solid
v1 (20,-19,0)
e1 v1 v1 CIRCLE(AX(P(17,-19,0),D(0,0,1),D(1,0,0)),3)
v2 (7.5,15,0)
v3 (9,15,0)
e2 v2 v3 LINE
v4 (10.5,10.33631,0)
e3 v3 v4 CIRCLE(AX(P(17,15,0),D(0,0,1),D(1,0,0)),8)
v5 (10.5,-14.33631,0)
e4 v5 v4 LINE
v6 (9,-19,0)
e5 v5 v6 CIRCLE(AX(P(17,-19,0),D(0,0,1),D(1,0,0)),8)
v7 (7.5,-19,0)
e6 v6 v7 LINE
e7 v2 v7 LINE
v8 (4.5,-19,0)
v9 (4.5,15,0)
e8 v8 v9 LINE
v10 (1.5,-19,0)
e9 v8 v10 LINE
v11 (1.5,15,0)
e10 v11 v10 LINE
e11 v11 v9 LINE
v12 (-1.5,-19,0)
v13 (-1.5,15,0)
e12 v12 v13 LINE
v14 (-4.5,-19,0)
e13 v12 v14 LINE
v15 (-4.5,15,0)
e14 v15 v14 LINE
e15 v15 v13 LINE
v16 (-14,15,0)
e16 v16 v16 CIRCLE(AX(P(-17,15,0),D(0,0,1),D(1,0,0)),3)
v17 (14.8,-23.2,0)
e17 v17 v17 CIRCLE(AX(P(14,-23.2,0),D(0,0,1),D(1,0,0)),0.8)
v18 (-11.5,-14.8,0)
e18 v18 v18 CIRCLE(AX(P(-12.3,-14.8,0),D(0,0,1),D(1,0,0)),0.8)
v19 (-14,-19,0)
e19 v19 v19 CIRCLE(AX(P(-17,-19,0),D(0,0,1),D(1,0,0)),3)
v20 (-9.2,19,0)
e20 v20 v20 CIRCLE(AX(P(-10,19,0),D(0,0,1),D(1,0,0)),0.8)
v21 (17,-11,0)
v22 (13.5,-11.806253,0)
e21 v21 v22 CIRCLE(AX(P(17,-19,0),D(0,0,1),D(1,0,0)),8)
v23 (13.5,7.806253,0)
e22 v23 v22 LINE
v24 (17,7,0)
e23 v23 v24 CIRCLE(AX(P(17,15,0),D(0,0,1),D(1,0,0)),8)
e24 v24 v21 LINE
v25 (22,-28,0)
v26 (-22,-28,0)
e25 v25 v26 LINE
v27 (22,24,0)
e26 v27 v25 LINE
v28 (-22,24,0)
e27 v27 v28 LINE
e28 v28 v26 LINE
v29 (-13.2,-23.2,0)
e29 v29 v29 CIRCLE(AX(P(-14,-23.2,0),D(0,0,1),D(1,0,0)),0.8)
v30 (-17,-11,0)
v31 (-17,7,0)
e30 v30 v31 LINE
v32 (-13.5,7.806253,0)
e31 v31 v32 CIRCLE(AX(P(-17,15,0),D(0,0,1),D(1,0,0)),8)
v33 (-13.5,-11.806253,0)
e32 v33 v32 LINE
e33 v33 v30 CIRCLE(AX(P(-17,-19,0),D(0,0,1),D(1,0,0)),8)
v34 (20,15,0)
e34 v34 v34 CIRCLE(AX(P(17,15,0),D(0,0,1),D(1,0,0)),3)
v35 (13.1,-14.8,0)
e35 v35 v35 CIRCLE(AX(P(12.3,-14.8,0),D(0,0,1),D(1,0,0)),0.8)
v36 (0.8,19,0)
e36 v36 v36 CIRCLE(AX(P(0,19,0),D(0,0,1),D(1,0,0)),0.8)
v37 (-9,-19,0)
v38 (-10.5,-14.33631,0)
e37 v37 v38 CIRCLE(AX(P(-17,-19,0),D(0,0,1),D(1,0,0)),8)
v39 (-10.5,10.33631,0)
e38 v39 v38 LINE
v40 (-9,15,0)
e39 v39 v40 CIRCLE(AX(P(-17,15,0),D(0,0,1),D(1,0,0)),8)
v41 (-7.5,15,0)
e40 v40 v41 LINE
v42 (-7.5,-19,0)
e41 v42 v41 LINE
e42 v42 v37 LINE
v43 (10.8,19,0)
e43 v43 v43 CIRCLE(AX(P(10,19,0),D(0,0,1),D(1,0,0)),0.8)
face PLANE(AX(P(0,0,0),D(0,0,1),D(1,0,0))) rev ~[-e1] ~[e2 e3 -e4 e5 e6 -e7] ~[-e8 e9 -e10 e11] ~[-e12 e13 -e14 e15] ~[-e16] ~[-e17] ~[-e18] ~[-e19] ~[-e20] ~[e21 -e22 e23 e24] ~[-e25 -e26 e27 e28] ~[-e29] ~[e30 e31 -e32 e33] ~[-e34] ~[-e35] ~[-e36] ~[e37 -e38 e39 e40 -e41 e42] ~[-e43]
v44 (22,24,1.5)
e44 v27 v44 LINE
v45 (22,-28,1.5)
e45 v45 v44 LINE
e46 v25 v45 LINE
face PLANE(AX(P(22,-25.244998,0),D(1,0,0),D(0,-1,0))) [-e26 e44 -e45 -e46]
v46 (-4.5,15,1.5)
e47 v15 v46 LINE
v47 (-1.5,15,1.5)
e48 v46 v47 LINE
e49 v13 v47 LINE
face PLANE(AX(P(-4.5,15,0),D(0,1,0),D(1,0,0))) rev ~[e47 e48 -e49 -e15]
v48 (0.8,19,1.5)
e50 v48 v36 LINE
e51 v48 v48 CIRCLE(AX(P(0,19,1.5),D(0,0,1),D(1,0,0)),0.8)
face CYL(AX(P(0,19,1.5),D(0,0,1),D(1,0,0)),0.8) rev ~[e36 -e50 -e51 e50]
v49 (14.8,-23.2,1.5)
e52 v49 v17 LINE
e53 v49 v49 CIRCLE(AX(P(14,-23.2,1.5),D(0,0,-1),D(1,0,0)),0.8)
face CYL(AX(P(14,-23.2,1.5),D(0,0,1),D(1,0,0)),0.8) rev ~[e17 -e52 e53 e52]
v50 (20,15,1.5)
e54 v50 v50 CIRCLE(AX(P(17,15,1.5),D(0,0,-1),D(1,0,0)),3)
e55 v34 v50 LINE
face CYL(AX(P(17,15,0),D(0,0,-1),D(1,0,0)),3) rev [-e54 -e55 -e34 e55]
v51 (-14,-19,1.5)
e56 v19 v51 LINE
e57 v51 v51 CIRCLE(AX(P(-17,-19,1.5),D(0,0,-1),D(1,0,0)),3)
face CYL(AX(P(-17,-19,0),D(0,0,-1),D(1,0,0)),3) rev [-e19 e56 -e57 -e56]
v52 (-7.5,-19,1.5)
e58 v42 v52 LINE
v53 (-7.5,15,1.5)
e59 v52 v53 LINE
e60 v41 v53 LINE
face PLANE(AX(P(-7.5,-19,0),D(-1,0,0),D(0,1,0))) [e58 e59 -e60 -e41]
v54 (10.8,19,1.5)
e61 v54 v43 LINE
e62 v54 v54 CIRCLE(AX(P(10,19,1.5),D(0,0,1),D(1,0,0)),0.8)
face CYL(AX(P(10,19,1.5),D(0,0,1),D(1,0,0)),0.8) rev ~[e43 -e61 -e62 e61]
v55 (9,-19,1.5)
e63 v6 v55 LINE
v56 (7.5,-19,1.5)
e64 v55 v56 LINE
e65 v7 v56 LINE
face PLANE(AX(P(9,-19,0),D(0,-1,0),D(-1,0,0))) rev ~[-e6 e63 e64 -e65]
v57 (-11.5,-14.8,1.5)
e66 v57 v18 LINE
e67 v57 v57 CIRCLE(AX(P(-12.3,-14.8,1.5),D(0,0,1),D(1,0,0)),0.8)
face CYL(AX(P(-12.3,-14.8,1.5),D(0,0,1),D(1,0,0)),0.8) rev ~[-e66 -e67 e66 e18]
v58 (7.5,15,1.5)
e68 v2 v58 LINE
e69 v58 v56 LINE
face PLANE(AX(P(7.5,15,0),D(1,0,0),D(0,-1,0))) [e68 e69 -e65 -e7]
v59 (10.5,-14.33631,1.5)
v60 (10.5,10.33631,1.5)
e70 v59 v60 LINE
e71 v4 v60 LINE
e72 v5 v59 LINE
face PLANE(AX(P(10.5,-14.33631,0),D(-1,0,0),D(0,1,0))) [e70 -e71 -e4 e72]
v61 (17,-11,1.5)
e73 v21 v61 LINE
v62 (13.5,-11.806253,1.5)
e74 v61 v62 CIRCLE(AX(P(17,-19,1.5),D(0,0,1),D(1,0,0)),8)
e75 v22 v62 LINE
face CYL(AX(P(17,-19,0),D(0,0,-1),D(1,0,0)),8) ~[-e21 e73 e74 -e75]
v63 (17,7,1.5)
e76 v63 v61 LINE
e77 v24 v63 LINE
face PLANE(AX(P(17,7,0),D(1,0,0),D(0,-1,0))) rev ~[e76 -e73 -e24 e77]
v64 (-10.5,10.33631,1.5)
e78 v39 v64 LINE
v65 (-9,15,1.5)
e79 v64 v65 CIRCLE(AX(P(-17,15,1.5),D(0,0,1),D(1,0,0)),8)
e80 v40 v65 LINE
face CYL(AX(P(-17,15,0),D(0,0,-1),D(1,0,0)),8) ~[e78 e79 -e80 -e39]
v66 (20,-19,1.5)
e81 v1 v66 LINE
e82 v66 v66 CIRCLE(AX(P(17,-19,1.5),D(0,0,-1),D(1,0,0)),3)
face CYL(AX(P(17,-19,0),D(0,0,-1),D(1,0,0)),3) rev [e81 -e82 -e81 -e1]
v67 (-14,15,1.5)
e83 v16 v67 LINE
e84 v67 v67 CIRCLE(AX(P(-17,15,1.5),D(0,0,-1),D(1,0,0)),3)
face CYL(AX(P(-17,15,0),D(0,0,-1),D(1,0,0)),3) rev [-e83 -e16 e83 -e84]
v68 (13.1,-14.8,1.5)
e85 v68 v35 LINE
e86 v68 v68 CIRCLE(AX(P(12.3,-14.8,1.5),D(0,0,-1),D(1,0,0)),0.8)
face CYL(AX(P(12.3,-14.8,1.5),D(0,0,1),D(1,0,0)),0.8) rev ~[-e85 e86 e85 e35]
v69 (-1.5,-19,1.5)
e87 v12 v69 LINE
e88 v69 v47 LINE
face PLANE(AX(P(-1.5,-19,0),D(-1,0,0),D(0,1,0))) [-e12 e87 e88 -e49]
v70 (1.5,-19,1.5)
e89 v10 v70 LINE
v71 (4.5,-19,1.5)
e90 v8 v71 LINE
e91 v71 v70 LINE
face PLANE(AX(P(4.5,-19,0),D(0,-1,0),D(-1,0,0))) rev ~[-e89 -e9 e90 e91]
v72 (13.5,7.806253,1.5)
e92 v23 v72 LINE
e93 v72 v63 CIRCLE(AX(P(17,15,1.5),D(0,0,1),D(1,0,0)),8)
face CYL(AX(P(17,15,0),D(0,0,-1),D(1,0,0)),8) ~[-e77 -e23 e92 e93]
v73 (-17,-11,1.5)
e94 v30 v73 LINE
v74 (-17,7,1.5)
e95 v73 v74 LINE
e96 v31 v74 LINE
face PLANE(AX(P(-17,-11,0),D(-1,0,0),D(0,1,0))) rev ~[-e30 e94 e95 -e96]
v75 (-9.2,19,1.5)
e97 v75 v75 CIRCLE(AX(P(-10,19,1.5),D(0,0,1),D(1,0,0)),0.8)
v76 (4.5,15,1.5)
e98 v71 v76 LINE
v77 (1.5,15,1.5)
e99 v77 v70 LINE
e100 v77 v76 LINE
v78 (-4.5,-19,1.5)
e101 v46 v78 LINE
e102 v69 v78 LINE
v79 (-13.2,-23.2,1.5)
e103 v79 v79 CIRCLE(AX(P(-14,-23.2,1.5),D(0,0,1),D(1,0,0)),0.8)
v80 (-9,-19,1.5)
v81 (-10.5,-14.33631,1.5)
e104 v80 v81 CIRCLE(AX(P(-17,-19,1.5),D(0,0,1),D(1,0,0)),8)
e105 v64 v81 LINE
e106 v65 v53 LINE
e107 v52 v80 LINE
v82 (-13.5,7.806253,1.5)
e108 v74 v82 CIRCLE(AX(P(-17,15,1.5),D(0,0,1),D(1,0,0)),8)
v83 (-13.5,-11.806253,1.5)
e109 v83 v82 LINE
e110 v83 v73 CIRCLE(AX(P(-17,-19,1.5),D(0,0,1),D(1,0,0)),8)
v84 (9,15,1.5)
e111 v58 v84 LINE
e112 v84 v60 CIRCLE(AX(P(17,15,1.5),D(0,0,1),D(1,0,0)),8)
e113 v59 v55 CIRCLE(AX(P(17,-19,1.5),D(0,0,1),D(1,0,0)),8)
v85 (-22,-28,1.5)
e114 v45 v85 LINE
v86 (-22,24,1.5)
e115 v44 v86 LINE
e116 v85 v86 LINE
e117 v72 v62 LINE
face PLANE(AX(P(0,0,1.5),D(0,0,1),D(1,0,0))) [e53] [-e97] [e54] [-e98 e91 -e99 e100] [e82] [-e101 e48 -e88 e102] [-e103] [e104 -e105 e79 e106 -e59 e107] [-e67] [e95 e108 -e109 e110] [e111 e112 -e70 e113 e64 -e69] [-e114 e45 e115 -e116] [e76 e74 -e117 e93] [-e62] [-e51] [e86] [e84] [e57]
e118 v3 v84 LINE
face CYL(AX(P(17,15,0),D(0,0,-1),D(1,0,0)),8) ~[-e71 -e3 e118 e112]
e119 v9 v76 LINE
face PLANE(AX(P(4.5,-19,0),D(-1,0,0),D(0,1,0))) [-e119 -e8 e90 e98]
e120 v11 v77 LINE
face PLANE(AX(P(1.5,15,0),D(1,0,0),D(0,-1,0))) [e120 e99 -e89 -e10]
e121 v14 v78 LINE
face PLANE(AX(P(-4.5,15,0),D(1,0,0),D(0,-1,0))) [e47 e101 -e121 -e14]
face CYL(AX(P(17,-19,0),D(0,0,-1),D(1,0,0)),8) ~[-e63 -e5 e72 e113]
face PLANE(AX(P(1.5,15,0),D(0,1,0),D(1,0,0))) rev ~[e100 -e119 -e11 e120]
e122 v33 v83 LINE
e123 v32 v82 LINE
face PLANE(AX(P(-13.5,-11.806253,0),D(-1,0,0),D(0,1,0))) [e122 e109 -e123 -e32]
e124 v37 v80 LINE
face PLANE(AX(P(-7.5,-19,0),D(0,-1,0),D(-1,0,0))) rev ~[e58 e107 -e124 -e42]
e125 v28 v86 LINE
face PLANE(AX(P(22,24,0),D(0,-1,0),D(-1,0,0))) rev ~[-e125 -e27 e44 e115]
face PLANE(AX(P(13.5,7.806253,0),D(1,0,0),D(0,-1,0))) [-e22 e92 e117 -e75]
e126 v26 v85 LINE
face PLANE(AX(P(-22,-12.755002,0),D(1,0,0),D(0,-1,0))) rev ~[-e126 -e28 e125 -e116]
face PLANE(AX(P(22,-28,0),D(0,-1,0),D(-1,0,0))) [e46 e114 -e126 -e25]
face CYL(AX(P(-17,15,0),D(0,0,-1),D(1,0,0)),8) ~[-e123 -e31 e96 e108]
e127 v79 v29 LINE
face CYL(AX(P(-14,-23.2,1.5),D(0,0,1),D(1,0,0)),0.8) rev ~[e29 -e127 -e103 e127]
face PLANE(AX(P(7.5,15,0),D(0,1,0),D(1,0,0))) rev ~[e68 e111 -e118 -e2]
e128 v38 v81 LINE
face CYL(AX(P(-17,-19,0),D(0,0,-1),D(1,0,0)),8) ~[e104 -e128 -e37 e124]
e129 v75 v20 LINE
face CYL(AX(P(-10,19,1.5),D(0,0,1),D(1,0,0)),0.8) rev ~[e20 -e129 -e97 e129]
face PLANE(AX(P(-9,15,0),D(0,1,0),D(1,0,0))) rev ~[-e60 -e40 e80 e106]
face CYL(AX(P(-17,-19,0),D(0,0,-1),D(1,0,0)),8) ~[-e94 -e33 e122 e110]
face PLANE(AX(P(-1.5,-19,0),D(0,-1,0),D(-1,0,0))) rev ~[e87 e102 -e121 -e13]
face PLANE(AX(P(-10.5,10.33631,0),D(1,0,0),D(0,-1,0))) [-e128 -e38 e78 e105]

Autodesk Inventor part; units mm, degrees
ref_plane "YZ Plane" through (0, 0, 0) normal (1, 0, 0) x (0, 1, 0)
ref_plane "XZ Plane" through (0, 0, 0) normal (0, 1, 0) x (-1, 0, 0)
ref_plane "XY Plane" through (0, 0, 0) normal (0, 0, 1) x (1, 0, 0)
sketch "スケッチ1" plane through (0, 0, 0) normal (0, 0, 1) x (1, 0, 0)
  line L0 (-22, -24) -> (22, -24)
  line L1 (22, -24) -> (22, 24)
  line L2 (22, 24) -> (-22, 24)
  line L3 (-22, 24) -> (-22, -24)
  line L4 (-22, -24) -> (22, 24) construction
  line L5 (22, -24) -> (-22, 24) construction
  line L6 (-17, 15) -> (17, 15)
  line L7 (17, 15) -> (17, -19)
  line L8 (17, -19) -> (-17, -19)
  line L9 (-17, -19) -> (-17, 15)
  circle A0 centre (-17, 15) radius 3
  circle A1 centre (17, 15) radius 3
  circle A2 centre (17, -19) radius 3
  circle A3 centre (-17, -19) radius 3
  circle A4 centre (-17, 15) radius 8
  circle A5 centre (17, 15) radius 8
  circle A6 centre (17, -19) radius 8
  circle A7 centre (-17, -19) radius 8
  line L10 (-22, -24) -> (22, -24)
  line L11 (22, -24) -> (22, -28)
  line L12 (22, -28) -> (-22, -28)
  line L13 (-22, -28) -> (-22, -24)
  line L14 (-1.5, 15) -> (1.5, 15)
  line L15 (1.5, 15) -> (1.5, -19)
  line L16 (1.5, -19) -> (-1.5, -19)
  line L17 (-1.5, -19) -> (-1.5, 15)
  line L18 (7.5, 15) -> (7.5, -19)
  line L19 (4.5, -19) -> (4.5, 15)
  line L20 (13.5, 15) -> (13.5, -19)
  line L21 (10.5, -19) -> (10.5, 15)
  line L22 (-4.5, 15) -> (-4.5, -19)
  line L23 (-7.5, -19) -> (-7.5, 15)
  line L24 (1.5, 15) -> (1.5, -19)
  line L25 (-1.5, -19) -> (-1.5, 15)
  line L26 (7.5, 15) -> (7.5, -19)
  line L27 (4.5, -19) -> (4.5, 15)
  line L28 (-10.5, 15) -> (-10.5, -19)
  line L29 (-13.5, -19) -> (-13.5, 15)
  line L30 (-4.5, 15) -> (-4.5, -19)
  line L31 (-7.5, -19) -> (-7.5, 15)
  line L32 (1.5, 15) -> (1.5, -19)
  line L33 (-1.5, -19) -> (-1.5, 15)
  point P0 (0, 0)
  point P1 (-9, 15)
  point P2 (9, 15)
  point P3 (17, 7)
  point P4 (17, -11)
  point P5 (9, -19)
  point P6 (-9, -19)
  point P7 (-17, -11)
  point P8 (-17, 7)
  point P9 (22, -24)
  point P10 (0, 15)
  point P11 (-13.5, 7.8063)
  point P12 (-13.5, -11.8063)
  point P13 (-10.5, -14.3363)
  point P14 (-10.5, 10.3363)
  point P15 (10.5, 10.3363)
  point P16 (10.5, -14.3363)
  point P17 (13.5, -11.8063)
  point P18 (13.5, 7.8063)
  dimension "d0" = 48
  dimension "d1" = 44
  dimension "d2" = 34
  dimension "d3" = 5
  dimension "d4" = 5
  dimension "d5" = 6
  dimension "d6" = 16
  dimension "d11" = 4
  dimension "d12" = 3
  dimension "d15" = 6
  dimension "d18" = 6
extrude "プレート1" add sketch "スケッチ1" along normal blind 1.5 contours L3 A7 L9 A3 L8 L0 | L0 A7 L13 | A7 L8 A6 L0 | L0 A6 L11 L12 L13 A7 | L3 A4 L9 A7 | A6 L8 A2 L7 L1 L0 | L0 L11 A6 | L8 L28 A7 | L3 A4 L6 A0 L9 | A7 L29 L8 A3 L9 | A6 L21 L8 | L23 L6 L22 L8 | L8 L29 A7 L28 | A7 L29 A4 L28 | L3 L2 L1 A5 L6 A4 | L9 A0 L6 L29 A4 | A6 L7 A5 L1 | L21 A6 L20 L8 | L8 L19 L6 L18 | L21 A5 L20 A6 | L28 L6 A4 | A4 L29 L6 L28 | A5 L7 A1 L6 L1 | L7 A2 L8 L20 A6 | L21 L6 L20 A5 | A5 L6 L21 | L17 L6 L15 L8 | A5 L20 L6 A1 L7
sketch "スケッチ2" plane through (0, 0, 1.5) normal (0, 0, 1) x (1, 0, 0)
  line L0 (11.5, -21.5) -> (11.5, -14.8) projected
  line L1 (11.5, -21.5) -> (12, -21.5) projected
  line L2 (12, -21.5) -> (12, -24) projected
  line L3 (18, -24) -> (14, -24) projected
  line L4 (18, -14) -> (18, -24) construction
  line L5 (12.3, -14) -> (18, -14) projected
  circle A0 centre (12.3, -14.8) radius 0.8
  circle A1 centre (14, -23.2) radius 0.8
  line L6 (0, 0) -> (0, -10)
  circle A2 centre (-12.3, -14.8) radius 0.8
  circle A3 centre (-14, -23.2) radius 0.8
  arc A4 (11.5, -14.8) -> (12.3, -14) centre (12.3, -14.8) ccw projected
  line L7 (14, -24) -> (12, -24) projected
  circle A5 centre (14, -23.2) radius 0.8 projected
  dimension "d21" = 1.6
  dimension "d22" = 1.6
  dimension "d25" = 2
extrude "切り取り1" cut sketch "スケッチ2" against normal blind 1.5
sketch "スケッチ3" plane through (0, 0, 1.5) normal (0, 0, 1) x (1, 0, 0)
  circle A0 centre (0, 19) radius 0.8
  circle A1 centre (-10, 19) radius 0.8
  circle A2 centre (10, 19) radius 0.8
  line L0 (-22, 24) -> (22, 24) projected
  point P0 (0, 0)
  point P1 (0, 24)
  dimension "d26" = 1.6
  dimension "d27" = 1.6
  dimension "d28" = 1.6
  dimension "d29" = 5
  dimension "d30" = 10
  dimension "d31" = 10
extrude "切り取り2" cut sketch "スケッチ3" against normal blind 1.5
equation "\"d4\" = d3"
equation "\"d23\" = Thickness"
equation "\"d32\" = Thickness"
equation "\"d10\" = Thickness"
equation "\"BendRadius\" = Thickness"
equation "\"BendReliefWidth\" = Thickness"
equation "\"BendReliefDepth\" = 0.5 * Thickness"
equation "\"CornerReliefSize\" = 4 * Thickness"
equation "\"MinimumRemnant\" = 2 * Thickness"
equation "\"TransitionRadius\" = BendRadius"
equation "\"JacobiRadiusSize\" = BendRadius"
equation "\"GapSize\" = Thickness"
equation "\"Thickness\" = 1.5"
properties part number "board_setter_base" material "アルミニウム 6061"
